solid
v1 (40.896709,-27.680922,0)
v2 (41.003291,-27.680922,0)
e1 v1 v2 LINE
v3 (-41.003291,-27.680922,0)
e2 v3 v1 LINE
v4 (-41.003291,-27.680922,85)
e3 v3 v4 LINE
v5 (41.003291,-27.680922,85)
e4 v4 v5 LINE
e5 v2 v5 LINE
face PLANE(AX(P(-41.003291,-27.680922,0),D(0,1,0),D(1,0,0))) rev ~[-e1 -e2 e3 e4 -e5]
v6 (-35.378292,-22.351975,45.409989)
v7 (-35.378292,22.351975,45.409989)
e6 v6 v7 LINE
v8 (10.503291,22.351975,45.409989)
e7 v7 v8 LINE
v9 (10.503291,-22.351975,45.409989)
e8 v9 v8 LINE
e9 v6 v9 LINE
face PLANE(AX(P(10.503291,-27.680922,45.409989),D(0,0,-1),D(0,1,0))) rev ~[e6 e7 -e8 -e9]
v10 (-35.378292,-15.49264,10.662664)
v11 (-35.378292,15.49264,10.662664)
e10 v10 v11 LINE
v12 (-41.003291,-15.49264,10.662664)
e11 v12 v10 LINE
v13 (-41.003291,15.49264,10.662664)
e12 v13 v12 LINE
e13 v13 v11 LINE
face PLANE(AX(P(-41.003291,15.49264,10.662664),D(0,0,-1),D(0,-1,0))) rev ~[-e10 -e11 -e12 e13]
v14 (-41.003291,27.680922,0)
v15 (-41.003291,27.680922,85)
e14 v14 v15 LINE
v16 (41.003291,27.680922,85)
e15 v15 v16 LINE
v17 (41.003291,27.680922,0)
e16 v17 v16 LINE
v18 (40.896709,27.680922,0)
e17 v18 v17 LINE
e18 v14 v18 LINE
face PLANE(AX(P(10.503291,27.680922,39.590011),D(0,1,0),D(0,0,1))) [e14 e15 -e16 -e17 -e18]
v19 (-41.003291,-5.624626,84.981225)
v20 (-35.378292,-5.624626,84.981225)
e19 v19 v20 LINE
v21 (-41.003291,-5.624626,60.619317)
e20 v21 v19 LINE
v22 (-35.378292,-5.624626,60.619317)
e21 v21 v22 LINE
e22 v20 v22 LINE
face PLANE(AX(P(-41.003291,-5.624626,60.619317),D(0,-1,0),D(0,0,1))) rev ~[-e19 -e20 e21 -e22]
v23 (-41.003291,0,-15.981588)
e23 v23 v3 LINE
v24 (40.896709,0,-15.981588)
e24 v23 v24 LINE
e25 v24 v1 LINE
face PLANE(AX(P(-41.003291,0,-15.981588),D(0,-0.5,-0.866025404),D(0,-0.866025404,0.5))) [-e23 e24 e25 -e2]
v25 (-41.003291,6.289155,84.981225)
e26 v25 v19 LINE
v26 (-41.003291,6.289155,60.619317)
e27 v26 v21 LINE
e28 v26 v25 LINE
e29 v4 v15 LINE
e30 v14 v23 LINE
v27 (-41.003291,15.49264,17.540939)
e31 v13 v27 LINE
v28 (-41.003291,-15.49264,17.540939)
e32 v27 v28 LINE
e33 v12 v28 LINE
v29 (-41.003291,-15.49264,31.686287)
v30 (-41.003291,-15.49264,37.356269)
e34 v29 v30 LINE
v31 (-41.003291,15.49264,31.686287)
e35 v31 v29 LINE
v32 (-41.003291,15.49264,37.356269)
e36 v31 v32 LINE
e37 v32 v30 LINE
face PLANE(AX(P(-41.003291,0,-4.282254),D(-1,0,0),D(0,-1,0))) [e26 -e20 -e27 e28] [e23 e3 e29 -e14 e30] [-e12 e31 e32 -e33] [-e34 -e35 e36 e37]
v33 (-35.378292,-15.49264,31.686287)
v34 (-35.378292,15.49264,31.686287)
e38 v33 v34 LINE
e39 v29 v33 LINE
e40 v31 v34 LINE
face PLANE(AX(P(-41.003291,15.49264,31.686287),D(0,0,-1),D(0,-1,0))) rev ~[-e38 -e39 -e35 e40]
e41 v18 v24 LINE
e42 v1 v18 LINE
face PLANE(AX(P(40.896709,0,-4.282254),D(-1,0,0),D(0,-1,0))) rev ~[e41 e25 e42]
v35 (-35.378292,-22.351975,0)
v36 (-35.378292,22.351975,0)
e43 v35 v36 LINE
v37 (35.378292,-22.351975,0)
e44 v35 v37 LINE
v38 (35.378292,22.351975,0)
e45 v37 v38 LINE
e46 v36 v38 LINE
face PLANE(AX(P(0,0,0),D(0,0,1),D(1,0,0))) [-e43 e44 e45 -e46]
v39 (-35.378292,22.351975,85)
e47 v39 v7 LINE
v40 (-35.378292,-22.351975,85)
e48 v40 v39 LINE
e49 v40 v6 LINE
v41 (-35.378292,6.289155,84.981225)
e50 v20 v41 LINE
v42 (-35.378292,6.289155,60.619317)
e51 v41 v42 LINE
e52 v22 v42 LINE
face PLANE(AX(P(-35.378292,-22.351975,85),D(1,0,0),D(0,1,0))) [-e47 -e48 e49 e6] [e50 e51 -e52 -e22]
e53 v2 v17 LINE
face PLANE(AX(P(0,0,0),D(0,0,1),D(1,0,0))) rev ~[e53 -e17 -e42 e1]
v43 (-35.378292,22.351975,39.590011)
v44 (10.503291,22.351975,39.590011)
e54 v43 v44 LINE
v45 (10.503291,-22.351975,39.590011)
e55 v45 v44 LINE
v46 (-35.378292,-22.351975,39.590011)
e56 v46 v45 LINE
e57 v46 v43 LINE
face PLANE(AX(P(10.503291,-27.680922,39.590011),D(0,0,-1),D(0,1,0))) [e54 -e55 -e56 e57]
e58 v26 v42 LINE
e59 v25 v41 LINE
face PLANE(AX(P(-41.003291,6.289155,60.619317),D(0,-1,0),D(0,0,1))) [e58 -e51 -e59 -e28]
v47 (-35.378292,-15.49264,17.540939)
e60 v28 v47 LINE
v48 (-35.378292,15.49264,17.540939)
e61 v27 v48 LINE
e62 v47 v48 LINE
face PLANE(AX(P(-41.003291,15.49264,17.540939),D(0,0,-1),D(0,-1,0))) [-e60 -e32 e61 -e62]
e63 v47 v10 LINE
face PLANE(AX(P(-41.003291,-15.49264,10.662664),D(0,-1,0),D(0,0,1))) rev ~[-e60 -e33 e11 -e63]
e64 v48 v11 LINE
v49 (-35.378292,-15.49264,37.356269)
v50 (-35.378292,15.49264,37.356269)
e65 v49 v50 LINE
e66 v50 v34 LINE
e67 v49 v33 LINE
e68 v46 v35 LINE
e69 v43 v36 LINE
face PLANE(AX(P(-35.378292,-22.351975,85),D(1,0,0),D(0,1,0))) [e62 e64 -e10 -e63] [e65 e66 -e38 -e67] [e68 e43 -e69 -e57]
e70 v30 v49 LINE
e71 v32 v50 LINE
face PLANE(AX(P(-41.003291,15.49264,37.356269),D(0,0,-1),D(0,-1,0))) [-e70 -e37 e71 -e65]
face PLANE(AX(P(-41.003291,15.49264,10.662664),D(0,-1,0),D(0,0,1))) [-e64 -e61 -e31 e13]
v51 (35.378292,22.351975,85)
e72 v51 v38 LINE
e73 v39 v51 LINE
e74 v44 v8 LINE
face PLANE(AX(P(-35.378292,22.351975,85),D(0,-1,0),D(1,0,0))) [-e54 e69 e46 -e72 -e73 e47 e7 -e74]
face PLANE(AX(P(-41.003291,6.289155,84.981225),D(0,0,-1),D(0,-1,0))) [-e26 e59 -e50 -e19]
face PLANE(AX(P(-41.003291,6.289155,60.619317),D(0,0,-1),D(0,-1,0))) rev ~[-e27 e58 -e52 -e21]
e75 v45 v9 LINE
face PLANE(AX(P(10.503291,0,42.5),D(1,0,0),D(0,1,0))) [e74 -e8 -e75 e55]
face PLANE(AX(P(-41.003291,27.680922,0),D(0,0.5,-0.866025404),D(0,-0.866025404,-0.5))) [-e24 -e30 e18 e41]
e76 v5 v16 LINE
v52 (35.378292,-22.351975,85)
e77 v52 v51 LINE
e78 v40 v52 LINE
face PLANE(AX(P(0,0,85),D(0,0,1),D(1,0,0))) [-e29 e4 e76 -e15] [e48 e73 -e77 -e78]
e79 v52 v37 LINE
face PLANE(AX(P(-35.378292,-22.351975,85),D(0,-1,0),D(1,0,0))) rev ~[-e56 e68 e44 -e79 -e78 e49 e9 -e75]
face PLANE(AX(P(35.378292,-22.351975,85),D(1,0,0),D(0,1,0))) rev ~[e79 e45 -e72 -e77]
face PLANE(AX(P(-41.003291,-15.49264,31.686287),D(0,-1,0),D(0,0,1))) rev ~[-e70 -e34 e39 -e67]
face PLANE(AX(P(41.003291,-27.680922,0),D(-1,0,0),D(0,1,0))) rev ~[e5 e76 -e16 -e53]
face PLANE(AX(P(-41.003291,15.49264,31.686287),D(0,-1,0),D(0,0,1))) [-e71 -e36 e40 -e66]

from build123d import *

# Parameters (mm, degrees)
F0_W     = 82.0065811276
F0_H     = 55.3618445992
F1_DEPTH = 85
F3_DEPTH = 81.9
F4_W     = 70.7565844059
F4_H     = 44.7039492428
F5_DEPTH = 85
F6_W     = 30.9852808714
F6_H     = 6.8782754242
F6_H_2   = 5.6699812412
F6_W_2   = 11.9137810543
F6_H_3   = 24.3619084358
F7_DEPTH = 55
F9_START = -30.5
F8_W     = 55.3618445992
F8_H     = 5.8199772239
F9_DEPTH = 48


with BuildPart() as f1:
    # F0 (on Top) → F1 (new body)
    with BuildSketch(Plane.XY):
        Rectangle(F0_W, F0_H)
    extrude(amount=F1_DEPTH)

    # F2 (on face) → F3 (join)
    with BuildSketch(Plane(origin=(-41.0032905638, 0, 0), x_dir=(0, -1, 0), z_dir=(-1, 0, 0))):
        Polygon((27.6809222996, 0), (-27.6809222996, 0), (0, -15.9815879411), align=None)
    extrude(amount=-F3_DEPTH)

    # F4 (on face) → F5 (cut)
    with BuildSketch(Plane.XY.offset(85)):
        Rectangle(F4_W, F4_H)
    extrude(amount=-F5_DEPTH, mode=Mode.SUBTRACT)

    # F6 (on face) → F7 (cut)
    with BuildSketch(Plane(origin=(-41.0032905638, 0, 0), x_dir=(0, -1, 0), z_dir=(-1, 0, 0))):
        with Locations((0, 14.1018014401)):
            Rectangle(F6_W, F6_H)
        with Locations((0, 34.5212779939)):
            Rectangle(F6_W, F6_H_2)
        with Locations((-0.3322646953, 72.8002712131)):
            Rectangle(F6_W_2, F6_H_3)
    extrude(amount=-F7_DEPTH, mode=Mode.SUBTRACT)

    # F8 (on face) → F9 (join)
    with BuildSketch(Plane.YZ.offset(41.0032905638).offset(F9_START)):
        with Locations((0, 42.5)):
            Rectangle(F8_W, F8_H)
    extrude(amount=-F9_DEPTH)


solid = f1.part
